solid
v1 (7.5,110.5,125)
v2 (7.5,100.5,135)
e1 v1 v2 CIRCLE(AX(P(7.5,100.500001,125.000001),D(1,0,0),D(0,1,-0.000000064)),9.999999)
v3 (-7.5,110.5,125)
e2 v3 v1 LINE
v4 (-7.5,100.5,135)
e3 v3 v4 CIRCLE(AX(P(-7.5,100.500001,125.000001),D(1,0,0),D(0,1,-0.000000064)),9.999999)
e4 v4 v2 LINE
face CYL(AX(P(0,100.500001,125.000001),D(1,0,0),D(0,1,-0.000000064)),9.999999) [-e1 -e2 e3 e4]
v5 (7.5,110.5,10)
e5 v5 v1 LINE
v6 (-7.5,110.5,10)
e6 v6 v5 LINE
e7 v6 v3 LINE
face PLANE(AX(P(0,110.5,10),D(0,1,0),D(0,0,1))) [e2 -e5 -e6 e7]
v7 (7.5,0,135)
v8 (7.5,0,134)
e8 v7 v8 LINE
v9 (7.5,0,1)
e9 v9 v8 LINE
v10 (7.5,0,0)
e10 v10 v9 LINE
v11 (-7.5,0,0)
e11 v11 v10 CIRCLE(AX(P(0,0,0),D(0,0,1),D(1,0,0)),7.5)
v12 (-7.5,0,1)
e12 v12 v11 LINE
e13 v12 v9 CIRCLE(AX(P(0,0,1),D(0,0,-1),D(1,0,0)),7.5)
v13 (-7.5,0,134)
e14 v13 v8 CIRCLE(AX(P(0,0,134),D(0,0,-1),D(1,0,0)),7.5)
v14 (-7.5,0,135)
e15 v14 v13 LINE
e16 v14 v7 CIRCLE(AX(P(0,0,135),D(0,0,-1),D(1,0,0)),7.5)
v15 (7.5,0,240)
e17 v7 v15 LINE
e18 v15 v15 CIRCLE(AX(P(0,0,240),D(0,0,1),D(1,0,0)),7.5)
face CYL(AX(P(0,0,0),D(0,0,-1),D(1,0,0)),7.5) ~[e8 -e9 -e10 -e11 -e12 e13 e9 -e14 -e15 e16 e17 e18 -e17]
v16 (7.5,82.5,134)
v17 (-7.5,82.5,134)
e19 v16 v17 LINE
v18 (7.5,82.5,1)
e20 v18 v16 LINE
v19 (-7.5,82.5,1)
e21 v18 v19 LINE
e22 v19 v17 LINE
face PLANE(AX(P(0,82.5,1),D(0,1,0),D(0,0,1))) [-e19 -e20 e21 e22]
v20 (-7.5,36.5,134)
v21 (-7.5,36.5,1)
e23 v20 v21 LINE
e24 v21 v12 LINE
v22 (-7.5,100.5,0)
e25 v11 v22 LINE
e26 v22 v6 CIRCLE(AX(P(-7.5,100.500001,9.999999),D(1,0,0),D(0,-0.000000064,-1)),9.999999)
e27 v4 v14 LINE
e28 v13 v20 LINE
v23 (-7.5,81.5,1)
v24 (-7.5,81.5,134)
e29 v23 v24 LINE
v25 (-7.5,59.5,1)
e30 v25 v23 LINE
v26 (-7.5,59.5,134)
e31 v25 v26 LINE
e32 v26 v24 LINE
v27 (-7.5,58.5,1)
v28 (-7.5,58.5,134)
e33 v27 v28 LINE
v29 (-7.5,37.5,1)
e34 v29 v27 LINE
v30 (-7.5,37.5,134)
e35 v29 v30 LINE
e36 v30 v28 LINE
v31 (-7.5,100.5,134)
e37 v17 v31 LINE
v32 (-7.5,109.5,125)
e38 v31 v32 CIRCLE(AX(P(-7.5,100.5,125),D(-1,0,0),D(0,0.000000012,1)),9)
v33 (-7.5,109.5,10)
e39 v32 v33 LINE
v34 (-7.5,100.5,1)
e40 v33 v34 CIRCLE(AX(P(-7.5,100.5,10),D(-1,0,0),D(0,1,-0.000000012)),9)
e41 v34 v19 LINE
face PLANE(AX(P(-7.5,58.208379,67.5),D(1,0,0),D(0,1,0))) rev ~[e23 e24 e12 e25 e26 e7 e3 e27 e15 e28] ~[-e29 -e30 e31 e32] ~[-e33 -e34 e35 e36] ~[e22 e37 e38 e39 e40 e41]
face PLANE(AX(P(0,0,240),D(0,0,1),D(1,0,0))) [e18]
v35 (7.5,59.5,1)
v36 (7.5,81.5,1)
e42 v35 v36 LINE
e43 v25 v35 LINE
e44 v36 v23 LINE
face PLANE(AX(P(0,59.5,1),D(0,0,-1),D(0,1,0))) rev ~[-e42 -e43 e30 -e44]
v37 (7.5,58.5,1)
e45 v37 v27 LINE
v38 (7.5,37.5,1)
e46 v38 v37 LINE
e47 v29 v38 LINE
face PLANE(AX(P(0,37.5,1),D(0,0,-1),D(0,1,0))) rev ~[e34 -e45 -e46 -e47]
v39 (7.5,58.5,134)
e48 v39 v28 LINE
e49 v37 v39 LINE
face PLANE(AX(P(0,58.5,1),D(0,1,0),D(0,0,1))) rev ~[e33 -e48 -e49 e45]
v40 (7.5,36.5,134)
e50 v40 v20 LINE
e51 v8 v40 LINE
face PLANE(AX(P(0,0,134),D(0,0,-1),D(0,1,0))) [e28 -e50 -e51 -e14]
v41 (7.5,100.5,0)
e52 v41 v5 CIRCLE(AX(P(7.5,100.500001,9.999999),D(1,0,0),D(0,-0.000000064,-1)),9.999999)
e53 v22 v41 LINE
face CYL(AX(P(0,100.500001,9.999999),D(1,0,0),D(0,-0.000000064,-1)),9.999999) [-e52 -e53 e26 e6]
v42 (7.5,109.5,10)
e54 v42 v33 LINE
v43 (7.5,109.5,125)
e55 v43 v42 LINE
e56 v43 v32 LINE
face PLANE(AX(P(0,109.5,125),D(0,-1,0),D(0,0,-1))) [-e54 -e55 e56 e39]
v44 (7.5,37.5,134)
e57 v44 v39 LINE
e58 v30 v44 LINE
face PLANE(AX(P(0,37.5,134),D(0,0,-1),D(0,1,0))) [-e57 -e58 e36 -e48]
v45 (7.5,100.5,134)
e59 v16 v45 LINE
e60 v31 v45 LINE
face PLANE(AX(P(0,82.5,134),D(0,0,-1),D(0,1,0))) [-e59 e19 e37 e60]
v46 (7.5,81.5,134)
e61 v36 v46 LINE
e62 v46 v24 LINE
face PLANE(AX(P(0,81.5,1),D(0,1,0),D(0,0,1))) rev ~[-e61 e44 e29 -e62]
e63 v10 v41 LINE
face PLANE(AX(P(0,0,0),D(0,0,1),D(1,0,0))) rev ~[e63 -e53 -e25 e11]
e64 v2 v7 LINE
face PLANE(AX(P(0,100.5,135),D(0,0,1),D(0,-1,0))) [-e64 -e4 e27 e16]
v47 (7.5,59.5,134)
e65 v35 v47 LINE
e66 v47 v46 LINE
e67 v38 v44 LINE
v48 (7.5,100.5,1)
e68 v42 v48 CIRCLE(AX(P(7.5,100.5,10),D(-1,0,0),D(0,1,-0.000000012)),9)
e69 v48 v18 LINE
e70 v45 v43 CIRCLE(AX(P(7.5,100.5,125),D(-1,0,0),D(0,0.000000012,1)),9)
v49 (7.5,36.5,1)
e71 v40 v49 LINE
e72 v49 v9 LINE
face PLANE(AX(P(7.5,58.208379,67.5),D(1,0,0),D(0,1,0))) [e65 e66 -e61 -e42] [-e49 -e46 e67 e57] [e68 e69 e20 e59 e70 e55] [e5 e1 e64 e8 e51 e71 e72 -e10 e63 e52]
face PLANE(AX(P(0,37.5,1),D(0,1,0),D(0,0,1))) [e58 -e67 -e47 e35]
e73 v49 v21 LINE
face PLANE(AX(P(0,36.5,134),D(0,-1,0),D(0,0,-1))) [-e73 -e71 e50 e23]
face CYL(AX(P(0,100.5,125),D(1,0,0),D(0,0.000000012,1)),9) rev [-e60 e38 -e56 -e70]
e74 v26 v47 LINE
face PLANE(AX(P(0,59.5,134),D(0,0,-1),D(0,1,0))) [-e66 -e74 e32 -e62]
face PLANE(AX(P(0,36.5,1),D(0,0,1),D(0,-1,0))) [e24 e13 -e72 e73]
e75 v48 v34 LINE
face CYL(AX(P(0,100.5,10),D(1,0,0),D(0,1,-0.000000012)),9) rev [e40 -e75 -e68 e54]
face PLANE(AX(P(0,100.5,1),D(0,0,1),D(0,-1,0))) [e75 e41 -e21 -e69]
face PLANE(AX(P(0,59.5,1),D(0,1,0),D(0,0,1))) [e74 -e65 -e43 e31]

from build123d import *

# Parameters (mm, degrees)
F0_R     = 7.5
F1_DEPTH = 240
F2_W     = 21
F2_H     = 133
F2_W_2   = 22
F3_DEPTH = 7.5


with BuildPart() as f1:
    # F0 (on Top) → F1 (new body)
    with BuildSketch(Plane.XY):
        Circle(F0_R)
    extrude(amount=F1_DEPTH)

    # F2 (on Right) → F3 (join, symmetric)
    with BuildSketch(Plane.YZ):
        with BuildLine():
            Line((0, 1), (0, 0))
            Line((0, 0), (100.5, 0))
            ThreePointArc((100.5, 0), (107.571068, 2.928932), (110.5, 10))
            Line((110.5, 10), (110.5, 125))
            ThreePointArc((110.5, 125), (107.571068, 132.071068), (100.5, 135))
            Line((100.5, 135), (0, 135))
            Line((0, 135), (0, 134))
            Line((0, 134), (36.5, 134))
            Line((36.5, 134), (36.5, 1))
            Line((36.5, 1), (0, 1))
        make_face()
        with Locations((48, 67.5)):
            Rectangle(F2_W, F2_H, mode=Mode.SUBTRACT)
        with Locations((70.5, 67.5)):
            Rectangle(F2_W_2, F2_H, mode=Mode.SUBTRACT)
        with BuildLine():
            ThreePointArc((100.5, 134), (106.863961, 131.363961), (109.5, 125))
            Line((109.5, 125), (109.5, 10))
            ThreePointArc((109.5, 10), (106.863961, 3.636039), (100.5, 1))
            Line((100.5, 1), (82.5, 1))
            Line((82.5, 1), (82.5, 134))
            Line((82.5, 134), (100.5, 134))
        make_face(mode=Mode.SUBTRACT)
    extrude(amount=F3_DEPTH, both=True)


solid = f1.part
